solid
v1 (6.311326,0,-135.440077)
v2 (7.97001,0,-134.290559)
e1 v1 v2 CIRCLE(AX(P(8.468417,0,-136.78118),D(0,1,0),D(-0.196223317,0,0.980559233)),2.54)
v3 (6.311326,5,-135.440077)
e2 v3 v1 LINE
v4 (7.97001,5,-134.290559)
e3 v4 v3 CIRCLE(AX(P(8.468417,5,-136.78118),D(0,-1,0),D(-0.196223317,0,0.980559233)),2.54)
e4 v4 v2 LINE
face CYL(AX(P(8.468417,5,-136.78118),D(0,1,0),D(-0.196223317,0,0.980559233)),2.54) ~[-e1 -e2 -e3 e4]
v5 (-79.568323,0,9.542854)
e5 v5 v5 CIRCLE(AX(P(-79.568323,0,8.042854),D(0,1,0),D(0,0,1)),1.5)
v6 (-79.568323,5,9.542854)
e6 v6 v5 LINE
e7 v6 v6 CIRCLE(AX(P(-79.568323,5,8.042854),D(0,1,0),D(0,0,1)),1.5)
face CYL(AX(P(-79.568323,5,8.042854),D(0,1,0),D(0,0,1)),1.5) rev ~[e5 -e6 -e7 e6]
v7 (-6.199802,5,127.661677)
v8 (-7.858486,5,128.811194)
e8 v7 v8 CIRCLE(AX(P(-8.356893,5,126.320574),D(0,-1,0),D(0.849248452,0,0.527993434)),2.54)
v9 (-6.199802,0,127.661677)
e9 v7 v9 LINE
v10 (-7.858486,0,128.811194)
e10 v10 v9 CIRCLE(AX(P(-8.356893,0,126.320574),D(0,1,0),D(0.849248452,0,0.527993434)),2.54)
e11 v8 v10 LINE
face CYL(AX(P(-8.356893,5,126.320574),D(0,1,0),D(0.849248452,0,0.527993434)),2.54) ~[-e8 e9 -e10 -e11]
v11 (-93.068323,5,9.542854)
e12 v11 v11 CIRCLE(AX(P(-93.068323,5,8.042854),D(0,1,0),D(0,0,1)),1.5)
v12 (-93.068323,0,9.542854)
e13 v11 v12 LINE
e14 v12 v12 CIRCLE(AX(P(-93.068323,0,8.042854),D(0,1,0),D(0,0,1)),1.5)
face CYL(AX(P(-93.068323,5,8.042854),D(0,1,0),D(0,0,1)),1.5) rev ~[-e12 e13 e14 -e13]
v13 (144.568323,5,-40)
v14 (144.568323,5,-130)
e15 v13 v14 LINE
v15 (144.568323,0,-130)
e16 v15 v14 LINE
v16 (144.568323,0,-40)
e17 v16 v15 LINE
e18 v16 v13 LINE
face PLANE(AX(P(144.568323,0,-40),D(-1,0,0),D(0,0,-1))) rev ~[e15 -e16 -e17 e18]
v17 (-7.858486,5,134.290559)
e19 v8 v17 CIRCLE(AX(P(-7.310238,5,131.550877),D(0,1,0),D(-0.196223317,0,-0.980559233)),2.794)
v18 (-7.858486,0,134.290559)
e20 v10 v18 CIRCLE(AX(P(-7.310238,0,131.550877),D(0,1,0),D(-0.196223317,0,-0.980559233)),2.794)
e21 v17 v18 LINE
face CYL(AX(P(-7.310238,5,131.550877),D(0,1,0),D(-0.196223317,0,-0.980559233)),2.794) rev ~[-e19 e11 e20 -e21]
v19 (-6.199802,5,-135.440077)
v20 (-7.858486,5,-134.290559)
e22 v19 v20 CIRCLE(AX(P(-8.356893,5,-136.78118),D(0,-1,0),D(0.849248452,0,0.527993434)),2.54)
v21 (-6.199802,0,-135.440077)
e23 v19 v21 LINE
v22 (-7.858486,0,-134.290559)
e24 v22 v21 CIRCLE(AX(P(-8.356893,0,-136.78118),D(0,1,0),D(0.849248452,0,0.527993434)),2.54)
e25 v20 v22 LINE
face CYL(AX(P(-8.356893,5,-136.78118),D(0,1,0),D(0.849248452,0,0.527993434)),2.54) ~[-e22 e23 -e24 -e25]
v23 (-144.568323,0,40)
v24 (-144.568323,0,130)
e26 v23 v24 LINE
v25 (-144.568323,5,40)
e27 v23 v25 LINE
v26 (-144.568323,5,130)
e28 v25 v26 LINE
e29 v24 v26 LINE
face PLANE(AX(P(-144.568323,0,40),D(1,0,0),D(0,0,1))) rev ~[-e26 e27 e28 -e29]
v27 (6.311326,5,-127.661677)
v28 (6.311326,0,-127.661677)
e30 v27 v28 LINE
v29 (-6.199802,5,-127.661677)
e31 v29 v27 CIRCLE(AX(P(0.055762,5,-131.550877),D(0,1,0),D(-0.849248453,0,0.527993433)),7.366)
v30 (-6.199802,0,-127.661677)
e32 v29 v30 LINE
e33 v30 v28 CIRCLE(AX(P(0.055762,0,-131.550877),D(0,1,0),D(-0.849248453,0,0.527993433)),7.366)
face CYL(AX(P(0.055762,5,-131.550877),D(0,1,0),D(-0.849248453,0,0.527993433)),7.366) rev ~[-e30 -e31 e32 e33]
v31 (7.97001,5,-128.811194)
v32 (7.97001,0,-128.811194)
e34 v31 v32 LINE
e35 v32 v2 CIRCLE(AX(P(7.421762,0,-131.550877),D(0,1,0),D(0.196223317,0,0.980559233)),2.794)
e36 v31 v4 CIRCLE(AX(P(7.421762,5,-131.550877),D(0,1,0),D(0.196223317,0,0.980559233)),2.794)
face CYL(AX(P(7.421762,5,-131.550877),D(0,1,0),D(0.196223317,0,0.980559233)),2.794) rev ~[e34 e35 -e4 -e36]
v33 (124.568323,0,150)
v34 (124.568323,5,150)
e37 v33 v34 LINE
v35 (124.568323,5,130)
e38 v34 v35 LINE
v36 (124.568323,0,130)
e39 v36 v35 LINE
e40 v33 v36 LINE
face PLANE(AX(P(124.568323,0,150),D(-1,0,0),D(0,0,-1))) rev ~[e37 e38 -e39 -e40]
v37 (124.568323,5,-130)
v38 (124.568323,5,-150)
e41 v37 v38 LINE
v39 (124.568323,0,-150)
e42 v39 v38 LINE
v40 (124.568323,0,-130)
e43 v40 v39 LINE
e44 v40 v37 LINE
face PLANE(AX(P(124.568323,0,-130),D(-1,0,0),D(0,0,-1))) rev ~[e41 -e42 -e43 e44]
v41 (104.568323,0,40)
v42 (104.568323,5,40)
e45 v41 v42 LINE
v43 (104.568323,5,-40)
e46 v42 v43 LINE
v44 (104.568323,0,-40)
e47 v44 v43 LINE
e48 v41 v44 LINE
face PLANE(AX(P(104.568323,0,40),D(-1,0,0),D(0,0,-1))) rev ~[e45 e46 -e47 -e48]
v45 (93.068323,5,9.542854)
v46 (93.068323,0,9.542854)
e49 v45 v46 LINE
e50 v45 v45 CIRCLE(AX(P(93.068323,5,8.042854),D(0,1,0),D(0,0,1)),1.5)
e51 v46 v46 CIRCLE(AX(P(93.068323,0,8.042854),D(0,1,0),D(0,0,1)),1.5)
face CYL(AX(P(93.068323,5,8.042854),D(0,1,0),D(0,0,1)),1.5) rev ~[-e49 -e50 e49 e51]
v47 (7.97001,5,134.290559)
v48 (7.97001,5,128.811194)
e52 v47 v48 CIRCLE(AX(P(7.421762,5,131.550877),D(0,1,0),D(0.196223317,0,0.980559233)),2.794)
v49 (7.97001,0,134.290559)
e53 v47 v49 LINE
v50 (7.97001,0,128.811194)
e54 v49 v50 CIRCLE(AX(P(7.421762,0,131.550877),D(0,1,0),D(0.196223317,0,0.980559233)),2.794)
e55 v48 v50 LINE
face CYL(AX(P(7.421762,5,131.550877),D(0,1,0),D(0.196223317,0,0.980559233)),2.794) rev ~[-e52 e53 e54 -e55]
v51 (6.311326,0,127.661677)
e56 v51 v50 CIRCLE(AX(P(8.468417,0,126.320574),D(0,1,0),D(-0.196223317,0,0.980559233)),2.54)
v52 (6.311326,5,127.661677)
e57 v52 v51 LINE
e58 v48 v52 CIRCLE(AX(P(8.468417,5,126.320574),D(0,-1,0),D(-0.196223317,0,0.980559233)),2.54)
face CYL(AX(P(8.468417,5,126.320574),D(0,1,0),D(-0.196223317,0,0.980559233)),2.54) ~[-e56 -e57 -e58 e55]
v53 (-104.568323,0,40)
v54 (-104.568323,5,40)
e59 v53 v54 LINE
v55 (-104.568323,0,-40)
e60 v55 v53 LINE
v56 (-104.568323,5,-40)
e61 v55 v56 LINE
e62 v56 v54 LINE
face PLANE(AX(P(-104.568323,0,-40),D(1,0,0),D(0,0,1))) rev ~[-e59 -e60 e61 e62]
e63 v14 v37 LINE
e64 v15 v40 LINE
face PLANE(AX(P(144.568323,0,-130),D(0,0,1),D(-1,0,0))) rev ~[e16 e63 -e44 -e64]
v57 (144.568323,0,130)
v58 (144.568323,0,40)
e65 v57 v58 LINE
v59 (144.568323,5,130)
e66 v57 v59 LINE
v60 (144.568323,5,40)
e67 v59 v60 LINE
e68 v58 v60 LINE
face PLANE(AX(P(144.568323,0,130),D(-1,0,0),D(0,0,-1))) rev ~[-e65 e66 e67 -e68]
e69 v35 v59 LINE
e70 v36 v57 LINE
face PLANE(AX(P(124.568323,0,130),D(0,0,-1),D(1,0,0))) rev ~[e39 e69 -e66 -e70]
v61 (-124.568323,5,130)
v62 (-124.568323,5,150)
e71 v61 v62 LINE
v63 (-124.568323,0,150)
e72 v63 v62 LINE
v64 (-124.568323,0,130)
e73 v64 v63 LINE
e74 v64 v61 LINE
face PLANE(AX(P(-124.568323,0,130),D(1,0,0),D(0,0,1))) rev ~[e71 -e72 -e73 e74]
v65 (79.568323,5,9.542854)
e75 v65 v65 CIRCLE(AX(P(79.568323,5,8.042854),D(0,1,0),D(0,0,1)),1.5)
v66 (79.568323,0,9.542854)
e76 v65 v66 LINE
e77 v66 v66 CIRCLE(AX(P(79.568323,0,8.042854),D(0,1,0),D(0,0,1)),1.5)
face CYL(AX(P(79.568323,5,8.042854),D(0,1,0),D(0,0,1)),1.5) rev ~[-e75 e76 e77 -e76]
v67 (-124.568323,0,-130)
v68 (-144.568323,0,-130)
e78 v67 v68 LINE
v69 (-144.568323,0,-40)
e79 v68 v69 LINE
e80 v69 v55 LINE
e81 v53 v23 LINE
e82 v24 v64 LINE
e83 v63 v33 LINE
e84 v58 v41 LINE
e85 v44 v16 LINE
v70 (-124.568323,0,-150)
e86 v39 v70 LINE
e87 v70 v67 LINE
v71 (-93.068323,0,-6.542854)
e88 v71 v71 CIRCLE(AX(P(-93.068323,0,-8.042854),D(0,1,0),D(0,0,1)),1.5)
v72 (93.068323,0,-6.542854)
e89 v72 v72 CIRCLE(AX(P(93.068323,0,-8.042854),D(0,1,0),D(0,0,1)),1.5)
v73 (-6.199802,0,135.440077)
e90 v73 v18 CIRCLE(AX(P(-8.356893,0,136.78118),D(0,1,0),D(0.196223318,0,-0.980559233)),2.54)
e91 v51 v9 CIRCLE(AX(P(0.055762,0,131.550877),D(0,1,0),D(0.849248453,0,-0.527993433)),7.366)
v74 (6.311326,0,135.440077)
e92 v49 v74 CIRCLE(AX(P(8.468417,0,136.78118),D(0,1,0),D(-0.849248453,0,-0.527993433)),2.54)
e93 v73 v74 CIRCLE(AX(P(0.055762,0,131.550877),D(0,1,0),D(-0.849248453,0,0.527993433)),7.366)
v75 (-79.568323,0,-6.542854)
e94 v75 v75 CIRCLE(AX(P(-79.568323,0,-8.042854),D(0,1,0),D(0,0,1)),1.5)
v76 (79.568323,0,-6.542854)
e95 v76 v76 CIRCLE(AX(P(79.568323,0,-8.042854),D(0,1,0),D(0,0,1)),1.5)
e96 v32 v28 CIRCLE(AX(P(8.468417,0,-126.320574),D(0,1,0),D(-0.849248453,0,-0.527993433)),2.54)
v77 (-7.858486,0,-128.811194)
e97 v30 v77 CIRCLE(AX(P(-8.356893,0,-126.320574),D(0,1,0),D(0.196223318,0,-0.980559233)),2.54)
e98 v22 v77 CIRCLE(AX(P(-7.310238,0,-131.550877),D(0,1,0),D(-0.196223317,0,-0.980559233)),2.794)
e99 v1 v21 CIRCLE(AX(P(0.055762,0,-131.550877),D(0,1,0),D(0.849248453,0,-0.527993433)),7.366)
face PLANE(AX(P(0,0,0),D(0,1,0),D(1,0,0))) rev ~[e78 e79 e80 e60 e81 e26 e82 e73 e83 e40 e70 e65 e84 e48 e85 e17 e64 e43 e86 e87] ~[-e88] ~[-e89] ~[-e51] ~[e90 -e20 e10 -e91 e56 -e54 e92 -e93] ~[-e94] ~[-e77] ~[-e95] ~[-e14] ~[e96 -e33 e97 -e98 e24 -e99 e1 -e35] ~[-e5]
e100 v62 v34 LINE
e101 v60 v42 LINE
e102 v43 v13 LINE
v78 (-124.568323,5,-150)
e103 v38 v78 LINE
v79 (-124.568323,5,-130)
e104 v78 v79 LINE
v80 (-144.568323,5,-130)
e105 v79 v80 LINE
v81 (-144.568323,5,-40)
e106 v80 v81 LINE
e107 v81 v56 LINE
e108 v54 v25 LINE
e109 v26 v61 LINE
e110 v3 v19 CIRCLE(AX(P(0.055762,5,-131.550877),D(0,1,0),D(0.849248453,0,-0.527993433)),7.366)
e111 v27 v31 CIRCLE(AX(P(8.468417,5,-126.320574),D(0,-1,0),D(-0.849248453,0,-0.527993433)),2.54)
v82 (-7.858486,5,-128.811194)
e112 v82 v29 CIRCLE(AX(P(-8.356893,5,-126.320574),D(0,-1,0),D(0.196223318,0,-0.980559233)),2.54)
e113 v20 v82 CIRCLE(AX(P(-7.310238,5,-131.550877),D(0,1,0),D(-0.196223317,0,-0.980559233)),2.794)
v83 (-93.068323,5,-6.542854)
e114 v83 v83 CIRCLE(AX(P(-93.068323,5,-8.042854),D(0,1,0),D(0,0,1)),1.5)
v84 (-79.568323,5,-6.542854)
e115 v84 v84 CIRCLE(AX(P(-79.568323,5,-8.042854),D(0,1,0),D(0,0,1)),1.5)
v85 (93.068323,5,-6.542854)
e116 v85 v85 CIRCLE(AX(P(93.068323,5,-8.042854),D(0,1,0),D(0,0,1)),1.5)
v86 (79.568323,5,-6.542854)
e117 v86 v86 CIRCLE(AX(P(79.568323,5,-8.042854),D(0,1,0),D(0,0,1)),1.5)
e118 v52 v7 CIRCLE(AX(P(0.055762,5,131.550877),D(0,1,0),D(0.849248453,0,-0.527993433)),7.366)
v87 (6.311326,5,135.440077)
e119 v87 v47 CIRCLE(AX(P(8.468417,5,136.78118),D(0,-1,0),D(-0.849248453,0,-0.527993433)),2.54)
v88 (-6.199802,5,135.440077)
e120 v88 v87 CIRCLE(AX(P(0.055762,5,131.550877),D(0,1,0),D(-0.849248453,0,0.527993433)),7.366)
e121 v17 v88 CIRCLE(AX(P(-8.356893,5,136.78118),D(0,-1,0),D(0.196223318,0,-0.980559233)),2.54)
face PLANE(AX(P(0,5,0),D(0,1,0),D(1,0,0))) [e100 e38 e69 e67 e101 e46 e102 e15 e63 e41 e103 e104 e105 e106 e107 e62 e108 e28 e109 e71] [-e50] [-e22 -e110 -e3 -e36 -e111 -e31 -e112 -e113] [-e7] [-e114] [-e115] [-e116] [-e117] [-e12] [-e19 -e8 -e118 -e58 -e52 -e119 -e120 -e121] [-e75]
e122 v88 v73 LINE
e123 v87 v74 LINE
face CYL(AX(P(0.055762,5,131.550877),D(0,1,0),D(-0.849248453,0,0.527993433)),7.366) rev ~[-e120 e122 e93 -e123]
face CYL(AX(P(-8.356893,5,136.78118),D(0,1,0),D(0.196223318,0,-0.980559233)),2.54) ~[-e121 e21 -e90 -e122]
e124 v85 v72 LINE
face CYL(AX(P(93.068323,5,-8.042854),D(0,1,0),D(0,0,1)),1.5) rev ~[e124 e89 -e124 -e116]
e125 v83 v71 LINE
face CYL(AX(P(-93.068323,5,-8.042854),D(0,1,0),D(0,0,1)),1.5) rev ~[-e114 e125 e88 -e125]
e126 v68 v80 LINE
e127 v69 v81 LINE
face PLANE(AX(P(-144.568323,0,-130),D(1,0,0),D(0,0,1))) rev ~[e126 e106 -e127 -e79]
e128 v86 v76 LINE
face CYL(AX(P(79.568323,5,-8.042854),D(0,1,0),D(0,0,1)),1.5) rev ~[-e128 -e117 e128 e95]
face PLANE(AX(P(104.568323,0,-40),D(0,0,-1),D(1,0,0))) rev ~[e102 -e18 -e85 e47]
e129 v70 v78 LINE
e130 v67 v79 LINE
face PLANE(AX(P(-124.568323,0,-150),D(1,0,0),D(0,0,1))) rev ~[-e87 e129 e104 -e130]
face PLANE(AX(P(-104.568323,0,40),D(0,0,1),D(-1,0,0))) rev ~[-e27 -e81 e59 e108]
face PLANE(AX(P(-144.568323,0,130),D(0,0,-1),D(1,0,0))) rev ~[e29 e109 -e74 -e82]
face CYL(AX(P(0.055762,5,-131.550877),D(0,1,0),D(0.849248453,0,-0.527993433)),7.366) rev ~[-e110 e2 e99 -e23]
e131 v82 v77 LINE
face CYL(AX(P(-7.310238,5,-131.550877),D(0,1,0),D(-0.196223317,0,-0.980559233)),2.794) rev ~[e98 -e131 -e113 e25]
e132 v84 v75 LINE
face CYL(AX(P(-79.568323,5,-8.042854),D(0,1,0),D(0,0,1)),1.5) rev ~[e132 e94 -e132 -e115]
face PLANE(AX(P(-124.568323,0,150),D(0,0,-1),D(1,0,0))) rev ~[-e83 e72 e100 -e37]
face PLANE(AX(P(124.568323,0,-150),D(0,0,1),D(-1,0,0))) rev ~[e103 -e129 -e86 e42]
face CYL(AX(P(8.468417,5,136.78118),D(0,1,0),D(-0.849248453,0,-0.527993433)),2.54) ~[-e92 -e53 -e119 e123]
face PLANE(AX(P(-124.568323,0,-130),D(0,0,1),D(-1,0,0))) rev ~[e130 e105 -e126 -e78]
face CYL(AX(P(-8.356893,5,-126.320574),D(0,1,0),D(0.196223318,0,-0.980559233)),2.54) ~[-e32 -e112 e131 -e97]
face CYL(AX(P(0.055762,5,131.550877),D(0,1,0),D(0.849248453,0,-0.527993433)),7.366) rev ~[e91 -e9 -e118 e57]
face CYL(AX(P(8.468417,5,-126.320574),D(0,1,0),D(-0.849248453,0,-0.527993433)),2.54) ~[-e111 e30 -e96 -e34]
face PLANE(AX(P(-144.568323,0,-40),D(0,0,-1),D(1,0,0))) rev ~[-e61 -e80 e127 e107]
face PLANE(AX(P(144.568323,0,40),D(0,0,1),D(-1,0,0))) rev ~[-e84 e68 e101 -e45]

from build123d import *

# Parameters (mm, degrees)
BOSS_EXTRU_1_DEPTH      = 5
ESQUISSE2_R             = 1.5
ENL_V_MAT_EXTRU_1_DEPTH = 10


with BuildPart() as part:
    # Esquisse1 → Boss.-Extru.1 (new body)
    with BuildSketch(Plane(origin=(0, 0, 0), x_dir=(1, 0, 0), z_dir=(0, 1, 0))):
        Polygon((-124.568322948, 150), (-124.568322948, 130), (-144.568322948, 130), (-144.568322948, 40), (-104.568322948, 40), (-104.568322948, -40), (-144.568322948, -40), (-144.568322948, -130), (-124.568322948, -130), (-124.568322948, -150), (124.568322948, -150), (124.568322948, -130), (144.568322948, -130), (144.568322948, -40), (104.568322948, -40), (104.568322948, 40), (144.568322948, 40), (144.568322948, 130), (124.568322948, 130), (124.568322948, 150), align=None)
    extrude(amount=BOSS_EXTRU_1_DEPTH)

    # Esquisse2 → Enlèv. mat.-Extru.1 (cut)
    with BuildSketch(Plane(origin=(0, 5, 0), x_dir=(1, 0, 0), z_dir=(0, 1, 0))):
        with Locations(Location((-93.068322948, 8.042853971, 0), (0, 0, 270))):
            Circle(ESQUISSE2_R)
        with Locations(Location((-93.068322948, -8.042853971, 0), (0, 0, 270))):
            Circle(ESQUISSE2_R)
        with Locations(Location((-79.568322948, -8.042853971, 0), (0, 0, 270))):
            Circle(ESQUISSE2_R)
        with Locations(Location((-79.568322948, 8.042853971, 0), (0, 0, 270))):
            Circle(ESQUISSE2_R)
        with Locations(Location((93.068322948, -8.042853971, 0), (0, 0, 270))):
            Circle(ESQUISSE2_R)
        with Locations(Location((79.568322948, -8.042853971, 0), (0, 0, 270))):
            Circle(ESQUISSE2_R)
        with Locations(Location((79.568322948, 8.042853971, 0), (0, 0, 270))):
            Circle(ESQUISSE2_R)
        with Locations(Location((93.068322948, 8.042853971, 0), (0, 0, 270))):
            Circle(ESQUISSE2_R)
        with BuildLine():
            ThreePointArc((7.970010145, -128.811194391), (7.021605285, -128.408236457), (6.3113263, -127.661677259))
            ThreePointArc((6.3113263, -127.661677259), (0.055762197, -124.184876889), (-6.199801905, -127.661677259))
            ThreePointArc((-6.199801905, -127.661677259), (-6.910080891, -128.408236457), (-7.85848575, -128.811194391))
            ThreePointArc((-7.85848575, -128.811194391), (-10.104237803, -131.550876889), (-7.85848575, -134.290559386))
            ThreePointArc((-7.85848575, -134.290559386), (-6.910080891, -134.69351732), (-6.199801905, -135.440076518))
            ThreePointArc((-6.199801905, -135.440076518), (0.055762197, -138.916876889), (6.3113263, -135.440076518))
            ThreePointArc((6.3113263, -135.440076518), (7.021605285, -134.69351732), (7.970010145, -134.290559386))
            ThreePointArc((7.970010145, -134.290559386), (10.215762197, -131.550876889), (7.970010145, -128.811194391))
        make_face()
        with BuildLine():
            ThreePointArc((7.970010145, 128.811194391), (10.215762197, 131.550876889), (7.970010145, 134.290559386))
            ThreePointArc((7.970010145, 134.290559386), (7.021605285, 134.69351732), (6.3113263, 135.440076518))
            ThreePointArc((6.3113263, 135.440076518), (0.055762197, 138.916876889), (-6.199801905, 135.440076518))
            ThreePointArc((-6.199801905, 135.440076518), (-6.910080891, 134.69351732), (-7.85848575, 134.290559386))
            ThreePointArc((-7.85848575, 134.290559386), (-10.104237803, 131.550876889), (-7.85848575, 128.811194391))
            ThreePointArc((-7.85848575, 128.811194391), (-6.910080891, 128.408236457), (-6.199801905, 127.661677259))
            ThreePointArc((-6.199801905, 127.661677259), (0.055762197, 124.184876889), (6.3113263, 127.661677259))
            ThreePointArc((6.3113263, 127.661677259), (7.021605285, 128.408236457), (7.970010145, 128.811194391))
        make_face()
    extrude(amount=-ENL_V_MAT_EXTRU_1_DEPTH, mode=Mode.SUBTRACT)


solid = part.part
